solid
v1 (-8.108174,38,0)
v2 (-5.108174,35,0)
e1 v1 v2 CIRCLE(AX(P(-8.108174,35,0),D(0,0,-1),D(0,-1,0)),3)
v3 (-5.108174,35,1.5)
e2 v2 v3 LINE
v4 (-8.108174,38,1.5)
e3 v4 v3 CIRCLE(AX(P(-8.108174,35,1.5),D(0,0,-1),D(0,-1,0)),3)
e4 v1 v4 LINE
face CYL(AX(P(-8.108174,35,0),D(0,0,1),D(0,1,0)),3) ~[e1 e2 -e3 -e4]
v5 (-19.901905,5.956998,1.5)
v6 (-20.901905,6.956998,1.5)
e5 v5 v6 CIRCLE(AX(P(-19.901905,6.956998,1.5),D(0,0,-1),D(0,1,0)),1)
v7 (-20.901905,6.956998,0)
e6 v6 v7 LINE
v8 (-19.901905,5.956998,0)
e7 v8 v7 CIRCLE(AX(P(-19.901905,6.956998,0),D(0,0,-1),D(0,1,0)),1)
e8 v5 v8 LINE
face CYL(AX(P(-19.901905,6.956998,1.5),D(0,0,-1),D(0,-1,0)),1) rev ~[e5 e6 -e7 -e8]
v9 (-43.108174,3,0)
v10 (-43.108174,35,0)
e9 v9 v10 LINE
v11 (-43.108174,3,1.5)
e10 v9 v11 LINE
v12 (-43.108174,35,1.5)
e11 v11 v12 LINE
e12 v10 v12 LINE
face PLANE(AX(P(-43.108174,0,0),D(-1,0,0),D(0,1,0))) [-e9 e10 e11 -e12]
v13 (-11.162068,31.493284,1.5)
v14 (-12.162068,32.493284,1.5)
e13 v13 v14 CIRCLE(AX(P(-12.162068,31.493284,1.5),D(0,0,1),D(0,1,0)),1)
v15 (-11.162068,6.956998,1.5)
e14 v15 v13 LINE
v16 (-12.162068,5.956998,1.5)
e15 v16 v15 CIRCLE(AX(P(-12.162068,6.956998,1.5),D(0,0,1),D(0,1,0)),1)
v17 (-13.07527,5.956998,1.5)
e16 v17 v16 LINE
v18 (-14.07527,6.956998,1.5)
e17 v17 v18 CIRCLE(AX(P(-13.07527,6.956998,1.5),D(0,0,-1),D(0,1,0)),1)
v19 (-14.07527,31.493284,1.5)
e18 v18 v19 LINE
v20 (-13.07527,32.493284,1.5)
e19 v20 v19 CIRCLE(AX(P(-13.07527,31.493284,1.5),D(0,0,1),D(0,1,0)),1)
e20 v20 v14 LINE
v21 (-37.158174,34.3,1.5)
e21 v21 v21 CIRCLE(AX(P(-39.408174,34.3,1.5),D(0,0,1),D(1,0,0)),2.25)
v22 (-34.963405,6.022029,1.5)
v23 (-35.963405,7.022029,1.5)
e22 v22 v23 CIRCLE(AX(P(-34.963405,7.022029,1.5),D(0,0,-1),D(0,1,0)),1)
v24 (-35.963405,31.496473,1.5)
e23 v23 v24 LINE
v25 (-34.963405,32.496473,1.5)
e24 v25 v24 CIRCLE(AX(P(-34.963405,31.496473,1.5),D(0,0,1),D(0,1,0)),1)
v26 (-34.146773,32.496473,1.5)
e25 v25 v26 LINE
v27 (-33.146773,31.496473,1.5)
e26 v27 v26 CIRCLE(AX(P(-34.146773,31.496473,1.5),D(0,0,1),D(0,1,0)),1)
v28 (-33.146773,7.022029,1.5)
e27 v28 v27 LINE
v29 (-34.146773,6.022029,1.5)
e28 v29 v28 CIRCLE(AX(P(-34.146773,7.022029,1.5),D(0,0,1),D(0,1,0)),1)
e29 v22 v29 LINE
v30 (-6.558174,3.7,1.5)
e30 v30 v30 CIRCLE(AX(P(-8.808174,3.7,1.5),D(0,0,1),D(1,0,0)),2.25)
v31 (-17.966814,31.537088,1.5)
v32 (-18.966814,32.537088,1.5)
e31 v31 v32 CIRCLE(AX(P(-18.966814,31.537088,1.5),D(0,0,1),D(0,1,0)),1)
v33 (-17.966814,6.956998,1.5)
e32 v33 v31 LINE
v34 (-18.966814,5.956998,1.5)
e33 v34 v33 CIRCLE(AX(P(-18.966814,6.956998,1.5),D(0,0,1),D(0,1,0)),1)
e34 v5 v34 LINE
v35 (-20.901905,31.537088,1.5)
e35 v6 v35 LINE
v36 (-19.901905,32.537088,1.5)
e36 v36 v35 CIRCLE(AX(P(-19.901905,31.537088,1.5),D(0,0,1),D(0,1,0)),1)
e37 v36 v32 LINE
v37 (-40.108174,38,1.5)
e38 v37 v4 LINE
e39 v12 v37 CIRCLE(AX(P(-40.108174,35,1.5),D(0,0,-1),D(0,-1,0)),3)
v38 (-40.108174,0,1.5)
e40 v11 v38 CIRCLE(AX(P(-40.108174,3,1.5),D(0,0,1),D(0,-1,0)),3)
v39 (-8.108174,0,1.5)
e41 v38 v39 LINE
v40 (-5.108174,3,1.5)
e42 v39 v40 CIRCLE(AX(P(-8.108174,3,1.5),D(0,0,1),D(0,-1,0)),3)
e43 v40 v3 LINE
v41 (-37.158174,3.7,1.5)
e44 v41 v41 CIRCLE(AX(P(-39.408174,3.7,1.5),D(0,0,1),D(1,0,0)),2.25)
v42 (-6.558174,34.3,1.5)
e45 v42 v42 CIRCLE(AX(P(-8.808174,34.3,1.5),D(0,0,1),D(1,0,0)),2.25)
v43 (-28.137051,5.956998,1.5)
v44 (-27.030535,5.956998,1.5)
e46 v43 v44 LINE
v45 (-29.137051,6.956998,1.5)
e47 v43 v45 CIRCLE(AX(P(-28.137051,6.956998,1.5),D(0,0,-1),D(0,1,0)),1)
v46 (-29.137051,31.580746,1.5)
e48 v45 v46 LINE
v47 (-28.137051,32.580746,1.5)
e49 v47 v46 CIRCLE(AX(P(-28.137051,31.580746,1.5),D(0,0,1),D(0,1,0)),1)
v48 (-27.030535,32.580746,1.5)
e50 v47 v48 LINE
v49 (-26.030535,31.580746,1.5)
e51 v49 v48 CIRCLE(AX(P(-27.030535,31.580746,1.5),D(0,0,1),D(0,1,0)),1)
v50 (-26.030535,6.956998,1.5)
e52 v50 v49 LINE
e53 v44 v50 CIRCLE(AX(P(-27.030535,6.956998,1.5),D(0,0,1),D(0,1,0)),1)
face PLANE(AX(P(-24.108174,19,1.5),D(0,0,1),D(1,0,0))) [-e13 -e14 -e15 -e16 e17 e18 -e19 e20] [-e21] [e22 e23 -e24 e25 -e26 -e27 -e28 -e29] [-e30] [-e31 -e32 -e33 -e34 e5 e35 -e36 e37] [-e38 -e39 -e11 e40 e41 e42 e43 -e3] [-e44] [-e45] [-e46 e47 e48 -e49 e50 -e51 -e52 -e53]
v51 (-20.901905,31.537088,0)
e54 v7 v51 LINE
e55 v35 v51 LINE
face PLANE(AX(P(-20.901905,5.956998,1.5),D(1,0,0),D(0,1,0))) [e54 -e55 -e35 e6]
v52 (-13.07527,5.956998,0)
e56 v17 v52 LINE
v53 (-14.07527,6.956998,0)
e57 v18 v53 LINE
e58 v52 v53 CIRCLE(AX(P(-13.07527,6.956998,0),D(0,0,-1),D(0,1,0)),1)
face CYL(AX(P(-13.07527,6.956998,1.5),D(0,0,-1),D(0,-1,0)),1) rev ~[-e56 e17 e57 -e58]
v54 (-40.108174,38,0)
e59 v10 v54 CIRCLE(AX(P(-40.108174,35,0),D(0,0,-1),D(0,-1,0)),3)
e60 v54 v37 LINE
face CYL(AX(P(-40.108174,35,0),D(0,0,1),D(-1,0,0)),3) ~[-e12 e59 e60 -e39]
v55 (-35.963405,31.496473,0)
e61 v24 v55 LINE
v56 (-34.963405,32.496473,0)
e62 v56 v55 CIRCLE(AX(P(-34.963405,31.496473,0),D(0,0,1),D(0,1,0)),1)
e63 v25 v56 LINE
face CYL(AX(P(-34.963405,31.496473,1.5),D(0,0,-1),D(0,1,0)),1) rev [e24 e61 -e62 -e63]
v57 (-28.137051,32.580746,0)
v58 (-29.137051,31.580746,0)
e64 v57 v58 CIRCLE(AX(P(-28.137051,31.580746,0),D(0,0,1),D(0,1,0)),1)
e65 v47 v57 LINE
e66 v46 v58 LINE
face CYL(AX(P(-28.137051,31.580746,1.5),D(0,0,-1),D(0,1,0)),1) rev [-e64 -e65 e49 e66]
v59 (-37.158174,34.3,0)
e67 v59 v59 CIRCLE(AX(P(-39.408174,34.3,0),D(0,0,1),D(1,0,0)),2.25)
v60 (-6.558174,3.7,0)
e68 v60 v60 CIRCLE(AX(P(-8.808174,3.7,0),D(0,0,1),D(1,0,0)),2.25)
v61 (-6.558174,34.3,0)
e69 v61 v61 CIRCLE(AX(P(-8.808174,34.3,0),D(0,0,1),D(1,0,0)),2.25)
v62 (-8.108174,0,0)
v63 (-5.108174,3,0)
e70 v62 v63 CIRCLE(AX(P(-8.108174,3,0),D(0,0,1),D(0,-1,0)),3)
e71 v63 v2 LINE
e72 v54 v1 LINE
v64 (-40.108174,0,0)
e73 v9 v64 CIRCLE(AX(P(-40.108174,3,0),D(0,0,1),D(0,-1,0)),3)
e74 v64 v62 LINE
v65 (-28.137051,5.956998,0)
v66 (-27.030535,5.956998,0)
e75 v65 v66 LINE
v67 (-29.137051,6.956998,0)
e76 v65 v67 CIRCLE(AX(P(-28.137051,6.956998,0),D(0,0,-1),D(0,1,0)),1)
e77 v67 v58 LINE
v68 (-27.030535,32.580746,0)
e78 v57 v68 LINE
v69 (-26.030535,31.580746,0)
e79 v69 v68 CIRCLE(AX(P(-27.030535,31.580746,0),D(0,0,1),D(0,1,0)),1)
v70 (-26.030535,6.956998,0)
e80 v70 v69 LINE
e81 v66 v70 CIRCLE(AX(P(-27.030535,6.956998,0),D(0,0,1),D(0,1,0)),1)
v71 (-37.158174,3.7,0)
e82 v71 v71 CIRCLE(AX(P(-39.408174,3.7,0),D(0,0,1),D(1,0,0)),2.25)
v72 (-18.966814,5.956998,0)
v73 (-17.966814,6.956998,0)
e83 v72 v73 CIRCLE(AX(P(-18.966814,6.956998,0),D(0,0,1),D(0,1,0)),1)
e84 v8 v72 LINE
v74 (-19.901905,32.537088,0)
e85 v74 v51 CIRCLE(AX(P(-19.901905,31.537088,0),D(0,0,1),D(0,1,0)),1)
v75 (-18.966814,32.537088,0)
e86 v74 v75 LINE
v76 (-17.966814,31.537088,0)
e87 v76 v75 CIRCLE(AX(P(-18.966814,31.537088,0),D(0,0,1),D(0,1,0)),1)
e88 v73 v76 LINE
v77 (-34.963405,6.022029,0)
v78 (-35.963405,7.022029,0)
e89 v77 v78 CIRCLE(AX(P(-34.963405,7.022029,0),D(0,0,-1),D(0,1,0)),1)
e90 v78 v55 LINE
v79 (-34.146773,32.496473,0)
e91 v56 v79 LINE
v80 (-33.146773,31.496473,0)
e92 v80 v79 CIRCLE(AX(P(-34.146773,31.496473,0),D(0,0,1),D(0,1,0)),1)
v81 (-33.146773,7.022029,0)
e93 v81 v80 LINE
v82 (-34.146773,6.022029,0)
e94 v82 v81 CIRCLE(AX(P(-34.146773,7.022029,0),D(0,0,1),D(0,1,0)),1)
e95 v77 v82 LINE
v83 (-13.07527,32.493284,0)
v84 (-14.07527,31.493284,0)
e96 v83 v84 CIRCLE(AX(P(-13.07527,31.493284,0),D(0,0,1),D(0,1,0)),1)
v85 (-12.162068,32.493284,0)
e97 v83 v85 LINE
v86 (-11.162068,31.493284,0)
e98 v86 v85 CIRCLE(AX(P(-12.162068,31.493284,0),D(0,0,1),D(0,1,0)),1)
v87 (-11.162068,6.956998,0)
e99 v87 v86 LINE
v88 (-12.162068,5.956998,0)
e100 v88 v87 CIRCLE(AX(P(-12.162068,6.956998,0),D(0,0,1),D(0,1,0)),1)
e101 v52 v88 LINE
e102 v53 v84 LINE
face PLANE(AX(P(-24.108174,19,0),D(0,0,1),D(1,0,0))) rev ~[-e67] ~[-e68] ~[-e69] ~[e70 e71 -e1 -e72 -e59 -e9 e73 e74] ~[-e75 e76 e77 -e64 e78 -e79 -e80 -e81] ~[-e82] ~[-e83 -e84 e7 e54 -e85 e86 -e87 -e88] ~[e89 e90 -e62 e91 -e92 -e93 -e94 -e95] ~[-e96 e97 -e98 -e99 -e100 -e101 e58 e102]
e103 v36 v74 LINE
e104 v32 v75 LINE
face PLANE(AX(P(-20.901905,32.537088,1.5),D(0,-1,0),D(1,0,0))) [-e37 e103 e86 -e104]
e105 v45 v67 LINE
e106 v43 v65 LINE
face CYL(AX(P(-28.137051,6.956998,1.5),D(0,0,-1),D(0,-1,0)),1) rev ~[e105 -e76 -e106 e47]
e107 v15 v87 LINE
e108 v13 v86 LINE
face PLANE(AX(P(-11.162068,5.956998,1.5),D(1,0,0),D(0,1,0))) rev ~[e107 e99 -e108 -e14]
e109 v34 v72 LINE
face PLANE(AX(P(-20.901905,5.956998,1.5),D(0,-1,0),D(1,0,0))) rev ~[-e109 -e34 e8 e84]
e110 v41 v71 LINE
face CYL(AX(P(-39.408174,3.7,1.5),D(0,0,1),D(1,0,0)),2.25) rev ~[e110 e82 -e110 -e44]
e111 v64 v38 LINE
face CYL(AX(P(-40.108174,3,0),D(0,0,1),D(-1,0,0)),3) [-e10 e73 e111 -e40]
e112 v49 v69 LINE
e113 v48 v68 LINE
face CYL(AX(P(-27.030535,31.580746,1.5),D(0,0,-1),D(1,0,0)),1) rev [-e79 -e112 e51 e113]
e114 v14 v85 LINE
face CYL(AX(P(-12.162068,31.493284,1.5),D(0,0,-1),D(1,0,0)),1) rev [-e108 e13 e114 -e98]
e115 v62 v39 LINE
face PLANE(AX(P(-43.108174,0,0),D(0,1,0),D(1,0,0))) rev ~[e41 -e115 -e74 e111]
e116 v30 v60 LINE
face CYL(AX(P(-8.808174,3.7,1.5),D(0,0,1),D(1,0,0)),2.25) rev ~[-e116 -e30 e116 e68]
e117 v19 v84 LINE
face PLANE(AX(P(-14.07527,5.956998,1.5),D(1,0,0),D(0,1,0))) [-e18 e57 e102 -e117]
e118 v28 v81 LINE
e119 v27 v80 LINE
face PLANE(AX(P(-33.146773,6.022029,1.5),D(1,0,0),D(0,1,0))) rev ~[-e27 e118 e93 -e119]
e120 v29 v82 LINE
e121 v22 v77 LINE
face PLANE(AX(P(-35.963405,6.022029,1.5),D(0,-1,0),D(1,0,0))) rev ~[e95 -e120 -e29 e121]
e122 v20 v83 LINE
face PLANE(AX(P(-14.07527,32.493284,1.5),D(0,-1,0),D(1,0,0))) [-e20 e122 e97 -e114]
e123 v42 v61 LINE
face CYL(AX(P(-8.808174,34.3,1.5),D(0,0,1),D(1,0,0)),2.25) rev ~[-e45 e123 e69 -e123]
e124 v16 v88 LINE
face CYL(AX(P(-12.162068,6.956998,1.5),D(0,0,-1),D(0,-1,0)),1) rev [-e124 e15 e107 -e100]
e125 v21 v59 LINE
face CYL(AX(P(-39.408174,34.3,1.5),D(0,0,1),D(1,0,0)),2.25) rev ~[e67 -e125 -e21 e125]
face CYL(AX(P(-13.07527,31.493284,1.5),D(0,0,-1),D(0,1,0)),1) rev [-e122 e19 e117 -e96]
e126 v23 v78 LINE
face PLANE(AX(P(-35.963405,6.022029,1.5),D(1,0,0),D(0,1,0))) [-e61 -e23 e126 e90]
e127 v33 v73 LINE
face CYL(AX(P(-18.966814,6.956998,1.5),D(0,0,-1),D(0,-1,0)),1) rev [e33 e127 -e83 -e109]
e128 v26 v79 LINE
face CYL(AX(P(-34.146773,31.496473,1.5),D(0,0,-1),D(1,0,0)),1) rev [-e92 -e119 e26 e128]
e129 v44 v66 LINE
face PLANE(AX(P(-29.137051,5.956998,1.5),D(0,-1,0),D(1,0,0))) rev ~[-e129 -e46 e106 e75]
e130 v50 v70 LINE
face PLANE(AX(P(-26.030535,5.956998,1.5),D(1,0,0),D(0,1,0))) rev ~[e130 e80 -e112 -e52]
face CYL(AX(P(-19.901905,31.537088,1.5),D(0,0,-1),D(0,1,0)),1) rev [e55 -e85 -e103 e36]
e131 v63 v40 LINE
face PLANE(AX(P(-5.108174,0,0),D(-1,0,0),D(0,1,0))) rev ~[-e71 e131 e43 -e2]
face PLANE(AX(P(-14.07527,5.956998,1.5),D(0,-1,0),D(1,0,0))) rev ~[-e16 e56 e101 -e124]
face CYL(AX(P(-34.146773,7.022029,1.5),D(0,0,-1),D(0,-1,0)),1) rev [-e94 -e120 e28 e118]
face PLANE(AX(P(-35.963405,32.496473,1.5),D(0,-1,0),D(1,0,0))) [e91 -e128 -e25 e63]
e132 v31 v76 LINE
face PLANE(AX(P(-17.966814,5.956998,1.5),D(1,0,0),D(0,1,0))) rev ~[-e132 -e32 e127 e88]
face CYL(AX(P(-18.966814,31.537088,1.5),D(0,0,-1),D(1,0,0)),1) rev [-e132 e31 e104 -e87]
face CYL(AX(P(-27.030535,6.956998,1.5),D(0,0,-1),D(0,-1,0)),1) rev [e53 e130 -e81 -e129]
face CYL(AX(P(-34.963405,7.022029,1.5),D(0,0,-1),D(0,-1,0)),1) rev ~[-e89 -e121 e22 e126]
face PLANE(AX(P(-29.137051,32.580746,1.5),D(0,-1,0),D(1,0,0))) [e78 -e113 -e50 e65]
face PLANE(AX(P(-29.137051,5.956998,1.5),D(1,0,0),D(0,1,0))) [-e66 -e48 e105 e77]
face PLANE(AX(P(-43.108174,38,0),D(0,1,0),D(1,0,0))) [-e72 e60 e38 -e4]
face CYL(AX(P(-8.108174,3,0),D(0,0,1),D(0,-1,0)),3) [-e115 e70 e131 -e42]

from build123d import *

# Parameters (mm, degrees)
F0_W     = 38
F0_H     = 38
F1_DEPTH = 1.5
F2_R     = 2.25
F2_W     = 2.816632
F2_H     = 26.474444
F2_W_2   = 3.106516
F2_H_2   = 26.623748
F2_W_3   = 2.935091
F2_H_3   = 26.58009
F2_W_4   = 2.913202
F2_H_4   = 26.536286
F3_DEPTH = 1.501
F4_R     = 3
F5_R     = 1


with BuildPart() as f1:
    # F0 (on Top) → F1 (new body)
    with BuildSketch(Plane.XY):
        with Locations((-24.108174, 19)):
            Rectangle(F0_W, F0_H)
    extrude(amount=F1_DEPTH)

    # F2 (on face) → F3 (cut, through all)
    with BuildSketch(Plane.XY.offset(1.5)):
        with Locations((-39.408174, 34.3)):
            Circle(F2_R)
        with Locations((-8.808174, 34.3)):
            Circle(F2_R)
        with Locations((-8.808174, 3.7)):
            Circle(F2_R)
        with Locations((-39.408174, 3.7)):
            Circle(F2_R)
        with Locations((-34.555089, 19.259251)):
            Rectangle(F2_W, F2_H)
        with Locations((-27.583793, 19.268872)):
            Rectangle(F2_W_2, F2_H_2)
        with Locations((-19.434359, 19.247043)):
            Rectangle(F2_W_3, F2_H_3)
        with Locations((-12.618669, 19.225141)):
            Rectangle(F2_W_4, F2_H_4)
    extrude(amount=-F3_DEPTH, mode=Mode.SUBTRACT)

    # F4
    f4_edges = [f1.edges().sort_by_distance(p)[0] for p in [
        (-43.108174, 38, 0.75),
        (-5.108174, 38, 0.75),
        (-5.108174, 0, 0.75),
        (-43.108174, 0, 0.75),
    ]]
    fillet(f4_edges, radius=F4_R)

    # F5
    f5_edges = [f1.edges().sort_by_distance(p)[0] for p in [
        (-35.963405, 32.496473, 0.75),
        (-35.963405, 6.022029, 0.75),
        (-29.137051, 5.956998, 0.75),
        (-20.901905, 5.956998, 0.75),
        (-14.07527, 5.956998, 0.75),
        (-11.162068, 5.956998, 0.75),
        (-17.966814, 5.956998, 0.75),
        (-26.030535, 5.956998, 0.75),
        (-33.146773, 6.022029, 0.75),
        (-11.162068, 32.493284, 0.75),
        (-17.966814, 32.537088, 0.75),
        (-26.030535, 32.580746, 0.75),
        (-33.146773, 32.496473, 0.75),
        (-29.137051, 32.580746, 0.75),
        (-20.901905, 32.537088, 0.75),
        (-14.07527, 32.493284, 0.75),
    ]]
    fillet(f5_edges, radius=F5_R)


solid = f1.part
